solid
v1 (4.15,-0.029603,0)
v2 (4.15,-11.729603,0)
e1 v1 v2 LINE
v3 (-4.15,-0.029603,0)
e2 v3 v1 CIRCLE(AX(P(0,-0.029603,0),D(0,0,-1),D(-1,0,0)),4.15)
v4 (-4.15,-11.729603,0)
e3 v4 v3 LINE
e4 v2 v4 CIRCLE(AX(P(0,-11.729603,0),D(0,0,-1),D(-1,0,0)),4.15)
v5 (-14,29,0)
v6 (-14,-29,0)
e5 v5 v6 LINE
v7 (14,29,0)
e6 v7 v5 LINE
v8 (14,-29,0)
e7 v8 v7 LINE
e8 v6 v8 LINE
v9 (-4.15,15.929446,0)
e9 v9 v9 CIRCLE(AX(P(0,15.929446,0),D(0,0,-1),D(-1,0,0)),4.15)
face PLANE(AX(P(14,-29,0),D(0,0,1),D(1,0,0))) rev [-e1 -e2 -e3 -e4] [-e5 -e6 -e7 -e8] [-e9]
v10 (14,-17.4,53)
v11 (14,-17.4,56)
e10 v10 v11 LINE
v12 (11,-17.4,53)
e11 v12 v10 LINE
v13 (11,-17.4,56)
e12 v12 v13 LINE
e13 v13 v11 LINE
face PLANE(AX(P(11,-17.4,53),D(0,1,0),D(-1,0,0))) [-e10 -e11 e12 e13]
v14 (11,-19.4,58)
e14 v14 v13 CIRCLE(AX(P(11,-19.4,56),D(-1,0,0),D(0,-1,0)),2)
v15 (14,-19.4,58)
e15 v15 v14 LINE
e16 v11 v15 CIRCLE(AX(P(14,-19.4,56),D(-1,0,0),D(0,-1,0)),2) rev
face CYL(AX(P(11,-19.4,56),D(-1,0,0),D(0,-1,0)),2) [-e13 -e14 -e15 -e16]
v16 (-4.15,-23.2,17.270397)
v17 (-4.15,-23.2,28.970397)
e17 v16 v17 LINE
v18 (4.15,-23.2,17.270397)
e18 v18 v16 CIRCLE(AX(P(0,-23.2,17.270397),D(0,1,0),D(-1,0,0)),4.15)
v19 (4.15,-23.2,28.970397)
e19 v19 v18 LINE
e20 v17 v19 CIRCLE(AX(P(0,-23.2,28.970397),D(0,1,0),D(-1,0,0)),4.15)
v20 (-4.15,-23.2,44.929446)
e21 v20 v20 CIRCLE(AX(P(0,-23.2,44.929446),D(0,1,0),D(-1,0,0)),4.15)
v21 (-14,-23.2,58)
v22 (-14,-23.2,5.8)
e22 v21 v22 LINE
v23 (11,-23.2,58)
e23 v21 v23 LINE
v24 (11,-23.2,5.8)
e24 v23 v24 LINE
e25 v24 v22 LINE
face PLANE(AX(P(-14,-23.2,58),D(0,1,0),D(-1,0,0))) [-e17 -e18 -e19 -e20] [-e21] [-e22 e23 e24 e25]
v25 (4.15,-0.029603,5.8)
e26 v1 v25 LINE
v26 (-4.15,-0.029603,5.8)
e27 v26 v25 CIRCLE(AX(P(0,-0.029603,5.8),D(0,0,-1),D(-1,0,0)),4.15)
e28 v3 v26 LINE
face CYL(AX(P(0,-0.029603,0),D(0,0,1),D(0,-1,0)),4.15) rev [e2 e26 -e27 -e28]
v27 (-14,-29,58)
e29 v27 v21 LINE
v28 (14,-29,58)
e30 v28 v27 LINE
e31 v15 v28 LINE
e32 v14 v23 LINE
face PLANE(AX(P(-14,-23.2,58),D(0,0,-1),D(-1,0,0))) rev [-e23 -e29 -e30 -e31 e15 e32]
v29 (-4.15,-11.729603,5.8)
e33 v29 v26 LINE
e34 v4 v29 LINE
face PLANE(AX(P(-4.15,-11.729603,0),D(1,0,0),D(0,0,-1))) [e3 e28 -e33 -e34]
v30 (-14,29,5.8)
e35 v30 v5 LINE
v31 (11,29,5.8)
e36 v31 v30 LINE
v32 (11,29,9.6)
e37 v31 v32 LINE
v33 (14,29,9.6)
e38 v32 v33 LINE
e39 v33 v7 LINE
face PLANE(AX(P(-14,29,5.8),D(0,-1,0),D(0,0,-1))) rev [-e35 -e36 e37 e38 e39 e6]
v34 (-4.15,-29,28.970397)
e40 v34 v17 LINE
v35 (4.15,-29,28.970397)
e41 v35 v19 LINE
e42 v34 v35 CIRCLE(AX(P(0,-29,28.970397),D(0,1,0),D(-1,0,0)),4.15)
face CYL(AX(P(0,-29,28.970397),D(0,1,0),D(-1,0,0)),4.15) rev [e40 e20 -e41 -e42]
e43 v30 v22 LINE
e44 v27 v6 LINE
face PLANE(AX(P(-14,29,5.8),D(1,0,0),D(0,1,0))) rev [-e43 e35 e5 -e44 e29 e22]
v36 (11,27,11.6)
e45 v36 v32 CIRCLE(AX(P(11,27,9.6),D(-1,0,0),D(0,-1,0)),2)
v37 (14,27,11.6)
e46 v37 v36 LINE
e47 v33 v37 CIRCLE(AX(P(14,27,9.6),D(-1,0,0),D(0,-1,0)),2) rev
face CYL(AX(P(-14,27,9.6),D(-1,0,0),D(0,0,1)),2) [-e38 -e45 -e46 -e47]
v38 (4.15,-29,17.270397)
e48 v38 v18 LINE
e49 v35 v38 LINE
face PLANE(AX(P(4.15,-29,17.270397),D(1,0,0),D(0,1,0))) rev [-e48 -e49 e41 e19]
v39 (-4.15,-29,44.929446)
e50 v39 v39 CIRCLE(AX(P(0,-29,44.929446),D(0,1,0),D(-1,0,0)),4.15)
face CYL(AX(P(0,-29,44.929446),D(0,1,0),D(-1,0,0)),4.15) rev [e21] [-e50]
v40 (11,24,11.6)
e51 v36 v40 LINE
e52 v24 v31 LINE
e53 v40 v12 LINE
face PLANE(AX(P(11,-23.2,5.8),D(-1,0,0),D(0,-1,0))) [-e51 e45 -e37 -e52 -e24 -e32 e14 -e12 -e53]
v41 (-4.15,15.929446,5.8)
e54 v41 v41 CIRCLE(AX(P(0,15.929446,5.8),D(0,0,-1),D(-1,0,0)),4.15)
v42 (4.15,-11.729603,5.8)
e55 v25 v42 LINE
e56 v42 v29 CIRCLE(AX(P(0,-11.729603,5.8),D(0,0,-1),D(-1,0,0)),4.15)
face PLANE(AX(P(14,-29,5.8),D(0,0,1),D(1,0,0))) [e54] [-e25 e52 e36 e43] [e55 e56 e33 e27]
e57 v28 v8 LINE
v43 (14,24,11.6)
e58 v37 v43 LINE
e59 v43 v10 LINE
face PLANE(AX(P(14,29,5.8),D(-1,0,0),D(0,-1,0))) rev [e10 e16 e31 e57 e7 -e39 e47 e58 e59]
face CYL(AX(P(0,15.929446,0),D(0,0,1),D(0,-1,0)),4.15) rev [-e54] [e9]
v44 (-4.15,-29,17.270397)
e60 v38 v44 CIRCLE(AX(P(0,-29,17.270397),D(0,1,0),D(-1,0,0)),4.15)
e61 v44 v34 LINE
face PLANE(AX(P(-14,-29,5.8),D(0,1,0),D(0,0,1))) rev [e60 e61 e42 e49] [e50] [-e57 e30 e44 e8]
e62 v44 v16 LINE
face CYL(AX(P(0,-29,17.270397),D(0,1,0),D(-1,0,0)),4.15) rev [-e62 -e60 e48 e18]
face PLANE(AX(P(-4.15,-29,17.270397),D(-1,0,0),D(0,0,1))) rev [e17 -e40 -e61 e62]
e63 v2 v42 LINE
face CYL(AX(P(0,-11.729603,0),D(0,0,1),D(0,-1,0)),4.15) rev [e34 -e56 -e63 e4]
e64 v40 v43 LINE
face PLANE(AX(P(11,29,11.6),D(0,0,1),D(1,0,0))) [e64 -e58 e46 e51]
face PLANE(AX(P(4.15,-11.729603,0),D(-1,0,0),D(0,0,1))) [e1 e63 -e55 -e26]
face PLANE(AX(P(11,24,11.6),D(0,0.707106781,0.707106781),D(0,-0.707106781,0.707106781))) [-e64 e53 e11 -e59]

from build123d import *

# Parameters (mm, degrees)
SKETCH_1_W          = 28
SKETCH_1_H          = 58
EXTRUDE_1_DEPTH     = 5.8
SKETCH_2_W          = 28
SKETCH_2_H          = 5.8
EXTRUDE_2_DEPTH     = 58
EXTRUDE_3_DEPTH     = 3
FILLET_1_R          = 2
SKETCH_4_R          = 4.15
CUT_EXTRUDE_1_DEPTH = 80.276982788


with BuildPart() as part:
    # 草图1 → 凸台-拉伸1 (new body)
    with BuildSketch(Plane.XY):
        Rectangle(SKETCH_1_W, SKETCH_1_H)
    extrude(amount=EXTRUDE_1_DEPTH)

    # 草图2 → 凸台-拉伸2 (add)
    with BuildSketch(Plane(origin=(0, 0, 0), x_dir=(-1, 0, 0), z_dir=(0, 0, -1))):
        with Locations((0, -26.1)):
            Rectangle(SKETCH_2_W, SKETCH_2_H)
    extrude(amount=-EXTRUDE_2_DEPTH)

    # 草图3 → 凸台-拉伸3 (add)
    with BuildSketch(Plane(origin=(14, 0, 0), x_dir=(0, 0, -1), z_dir=(1, 0, 0))):
        Polygon((-5.8, 29), (-11.6, 29), (-11.6, 24), (-53, -17.4), (-58, -17.4), (-58, -23.2), (-5.8, -23.2), align=None)
    extrude(amount=-EXTRUDE_3_DEPTH)

    # 圆角1
    fillet_1_edges = [part.edges().sort_by_distance(p)[0] for p in [
        (12.5, -17.4, 58),
        (12.5, 29, 11.6),
    ]]
    fillet(fillet_1_edges, radius=FILLET_1_R)

    # 草图4 → 切除-拉伸1 (cut, through all)
    with BuildSketch(Plane(origin=(0, -23.2, 0), x_dir=(1, 0, 0), z_dir=(0, 1, 0))):
        with Locations(Location((0, -44.929446332, 0), (0, 0, 180))):
            Circle(SKETCH_4_R)
        with BuildLine():
            Line((4.15, -17.270397055), (4.15, -28.970397055))
            ThreePointArc((4.15, -28.970397055), (0, -33.120397055), (-4.15, -28.970397055))
            Line((-4.15, -28.970397055), (-4.15, -17.270397055))
            ThreePointArc((-4.15, -17.270397055), (0, -13.120397055), (4.15, -17.270397055))
        make_face()
    cut_extrude_1 = extrude(amount=-CUT_EXTRUDE_1_DEPTH, mode=Mode.SUBTRACT)

    # 镜向1: 切除-拉伸1 across plane
    add(cut_extrude_1.mirror(Plane(origin=(0, -14.5, 14.5), x_dir=(0, 0.7071067811865469, 0.7071067811865482), z_dir=(0, -0.7071067811865483, 0.7071067811865468))), mode=Mode.SUBTRACT)


solid = part.part
